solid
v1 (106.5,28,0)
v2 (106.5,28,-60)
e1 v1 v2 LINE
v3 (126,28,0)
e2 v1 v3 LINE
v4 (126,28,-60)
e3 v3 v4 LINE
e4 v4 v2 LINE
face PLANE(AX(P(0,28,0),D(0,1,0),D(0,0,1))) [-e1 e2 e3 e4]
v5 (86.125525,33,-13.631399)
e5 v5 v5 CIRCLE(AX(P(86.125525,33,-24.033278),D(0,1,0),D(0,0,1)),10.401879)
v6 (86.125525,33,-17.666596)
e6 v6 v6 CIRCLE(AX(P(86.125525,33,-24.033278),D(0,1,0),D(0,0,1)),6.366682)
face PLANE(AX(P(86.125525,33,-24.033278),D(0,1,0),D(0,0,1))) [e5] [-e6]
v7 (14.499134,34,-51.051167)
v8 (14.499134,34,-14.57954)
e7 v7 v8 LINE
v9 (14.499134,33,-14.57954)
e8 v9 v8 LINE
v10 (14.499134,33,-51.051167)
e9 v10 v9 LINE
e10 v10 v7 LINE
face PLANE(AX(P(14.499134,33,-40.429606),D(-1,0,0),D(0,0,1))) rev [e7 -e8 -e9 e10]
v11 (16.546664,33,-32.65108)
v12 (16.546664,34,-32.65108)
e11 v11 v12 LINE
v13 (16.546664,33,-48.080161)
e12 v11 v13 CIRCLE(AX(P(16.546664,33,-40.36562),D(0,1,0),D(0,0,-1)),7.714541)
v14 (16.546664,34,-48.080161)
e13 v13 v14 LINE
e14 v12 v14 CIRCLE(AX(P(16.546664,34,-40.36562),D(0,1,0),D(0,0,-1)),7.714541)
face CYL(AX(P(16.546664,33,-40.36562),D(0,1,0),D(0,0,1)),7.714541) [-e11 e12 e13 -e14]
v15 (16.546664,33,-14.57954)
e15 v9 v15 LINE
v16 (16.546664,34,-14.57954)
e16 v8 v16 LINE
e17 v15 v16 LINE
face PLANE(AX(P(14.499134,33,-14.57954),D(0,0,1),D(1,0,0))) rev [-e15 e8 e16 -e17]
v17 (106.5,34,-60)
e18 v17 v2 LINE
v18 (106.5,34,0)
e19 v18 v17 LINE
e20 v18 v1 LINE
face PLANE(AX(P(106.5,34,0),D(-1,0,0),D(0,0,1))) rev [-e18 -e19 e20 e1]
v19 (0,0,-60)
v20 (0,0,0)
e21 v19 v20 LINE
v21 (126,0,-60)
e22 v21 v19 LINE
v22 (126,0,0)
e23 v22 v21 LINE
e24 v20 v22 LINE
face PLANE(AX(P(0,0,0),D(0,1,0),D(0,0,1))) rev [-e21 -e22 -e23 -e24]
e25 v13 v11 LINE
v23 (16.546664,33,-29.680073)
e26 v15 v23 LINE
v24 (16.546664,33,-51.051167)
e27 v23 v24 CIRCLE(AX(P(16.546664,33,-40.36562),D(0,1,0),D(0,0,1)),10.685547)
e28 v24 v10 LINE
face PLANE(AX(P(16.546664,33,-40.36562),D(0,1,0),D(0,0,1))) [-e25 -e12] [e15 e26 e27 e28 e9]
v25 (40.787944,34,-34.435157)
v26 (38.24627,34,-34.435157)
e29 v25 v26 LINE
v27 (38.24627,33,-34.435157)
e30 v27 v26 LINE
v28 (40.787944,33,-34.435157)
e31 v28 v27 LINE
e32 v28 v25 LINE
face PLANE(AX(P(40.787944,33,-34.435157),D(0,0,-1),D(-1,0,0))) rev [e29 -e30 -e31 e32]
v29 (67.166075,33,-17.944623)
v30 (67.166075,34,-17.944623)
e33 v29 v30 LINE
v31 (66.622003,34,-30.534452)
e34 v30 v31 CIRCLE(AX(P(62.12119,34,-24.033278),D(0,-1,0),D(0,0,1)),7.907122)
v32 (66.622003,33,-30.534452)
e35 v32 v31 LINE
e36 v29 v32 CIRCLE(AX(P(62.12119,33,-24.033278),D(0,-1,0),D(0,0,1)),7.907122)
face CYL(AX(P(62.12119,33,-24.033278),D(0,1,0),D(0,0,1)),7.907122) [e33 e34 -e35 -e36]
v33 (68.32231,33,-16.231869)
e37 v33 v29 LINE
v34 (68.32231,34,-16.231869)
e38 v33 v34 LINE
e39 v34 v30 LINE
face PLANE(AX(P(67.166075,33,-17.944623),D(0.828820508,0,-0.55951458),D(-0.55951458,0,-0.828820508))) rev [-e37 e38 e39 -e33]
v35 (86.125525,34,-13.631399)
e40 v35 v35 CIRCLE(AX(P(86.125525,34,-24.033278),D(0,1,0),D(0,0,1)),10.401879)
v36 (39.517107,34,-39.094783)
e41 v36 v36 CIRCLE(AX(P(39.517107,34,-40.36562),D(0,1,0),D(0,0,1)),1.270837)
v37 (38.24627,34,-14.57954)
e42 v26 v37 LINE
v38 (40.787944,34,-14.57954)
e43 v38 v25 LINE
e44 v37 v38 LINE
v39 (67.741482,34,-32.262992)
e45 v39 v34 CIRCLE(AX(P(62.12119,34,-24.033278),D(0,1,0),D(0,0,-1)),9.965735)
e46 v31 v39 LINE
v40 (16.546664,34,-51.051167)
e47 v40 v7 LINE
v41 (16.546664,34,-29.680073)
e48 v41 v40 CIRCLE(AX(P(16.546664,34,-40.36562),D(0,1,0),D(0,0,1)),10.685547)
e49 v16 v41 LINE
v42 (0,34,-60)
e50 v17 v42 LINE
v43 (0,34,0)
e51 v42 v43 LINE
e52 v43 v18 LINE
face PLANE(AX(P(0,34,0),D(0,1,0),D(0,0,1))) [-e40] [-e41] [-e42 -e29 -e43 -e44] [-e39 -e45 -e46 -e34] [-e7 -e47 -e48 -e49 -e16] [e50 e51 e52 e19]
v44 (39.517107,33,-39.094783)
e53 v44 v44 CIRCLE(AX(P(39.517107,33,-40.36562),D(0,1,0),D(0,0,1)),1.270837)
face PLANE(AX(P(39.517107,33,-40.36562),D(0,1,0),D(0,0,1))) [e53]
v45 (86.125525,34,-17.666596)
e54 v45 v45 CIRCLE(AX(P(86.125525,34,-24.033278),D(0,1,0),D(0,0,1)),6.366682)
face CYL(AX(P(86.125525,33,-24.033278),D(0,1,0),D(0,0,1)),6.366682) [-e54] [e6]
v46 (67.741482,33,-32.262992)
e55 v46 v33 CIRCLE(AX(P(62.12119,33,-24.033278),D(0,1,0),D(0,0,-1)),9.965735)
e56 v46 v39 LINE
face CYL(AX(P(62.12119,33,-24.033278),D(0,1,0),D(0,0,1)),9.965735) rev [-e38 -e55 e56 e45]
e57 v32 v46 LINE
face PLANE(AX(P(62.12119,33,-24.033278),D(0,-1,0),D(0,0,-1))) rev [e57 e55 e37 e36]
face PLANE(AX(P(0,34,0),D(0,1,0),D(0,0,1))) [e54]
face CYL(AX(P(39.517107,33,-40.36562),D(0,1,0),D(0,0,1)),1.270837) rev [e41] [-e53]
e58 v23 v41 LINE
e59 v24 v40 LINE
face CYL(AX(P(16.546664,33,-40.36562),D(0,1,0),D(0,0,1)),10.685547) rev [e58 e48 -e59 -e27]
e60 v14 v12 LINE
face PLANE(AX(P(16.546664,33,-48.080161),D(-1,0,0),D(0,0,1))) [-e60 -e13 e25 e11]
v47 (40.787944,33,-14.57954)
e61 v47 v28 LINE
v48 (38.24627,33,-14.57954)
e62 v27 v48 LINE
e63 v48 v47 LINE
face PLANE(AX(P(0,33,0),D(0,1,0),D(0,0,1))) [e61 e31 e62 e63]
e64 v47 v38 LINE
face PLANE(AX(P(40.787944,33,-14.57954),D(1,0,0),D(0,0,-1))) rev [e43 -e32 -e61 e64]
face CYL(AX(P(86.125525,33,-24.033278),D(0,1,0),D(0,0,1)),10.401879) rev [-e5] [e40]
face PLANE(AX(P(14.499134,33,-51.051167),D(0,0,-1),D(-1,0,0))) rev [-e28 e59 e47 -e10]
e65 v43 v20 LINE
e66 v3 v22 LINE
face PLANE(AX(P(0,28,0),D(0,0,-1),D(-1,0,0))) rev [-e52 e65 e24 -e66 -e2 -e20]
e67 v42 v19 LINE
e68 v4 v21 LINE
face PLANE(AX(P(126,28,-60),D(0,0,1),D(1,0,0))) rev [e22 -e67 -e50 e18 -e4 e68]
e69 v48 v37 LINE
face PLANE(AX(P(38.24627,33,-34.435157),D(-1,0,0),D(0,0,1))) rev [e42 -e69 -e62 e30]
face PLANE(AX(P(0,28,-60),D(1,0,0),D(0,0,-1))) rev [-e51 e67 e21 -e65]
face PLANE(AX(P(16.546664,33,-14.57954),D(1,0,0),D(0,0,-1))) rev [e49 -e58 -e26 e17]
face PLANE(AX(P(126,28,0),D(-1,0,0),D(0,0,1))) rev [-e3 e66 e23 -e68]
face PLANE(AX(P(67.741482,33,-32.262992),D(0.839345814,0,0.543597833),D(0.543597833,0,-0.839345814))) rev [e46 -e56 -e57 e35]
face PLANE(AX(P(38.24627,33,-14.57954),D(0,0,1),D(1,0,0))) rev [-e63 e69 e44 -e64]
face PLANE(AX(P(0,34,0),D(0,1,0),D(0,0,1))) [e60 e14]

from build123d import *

# Parameters (mm, degrees)
SKETCH1_W           = 126
SKETCH1_H           = 60
BOSS_EXTRUDE1_DEPTH = 28
SKETCH2_W           = 106.5
SKETCH2_H           = 60
BOSS_EXTRUDE2_DEPTH = 6
SKETCH3_R           = 1.270837117
SKETCH3_R_2         = 10.401878768
SKETCH3_R_3         = 6.366682124
SKETCH3_W           = 2.541674233
SKETCH3_H           = 19.855616704
CUT_EXTRUDE1_DEPTH  = 1


with BuildPart() as part:
    # Sketch1 → Boss-Extrude1 (new body)
    with BuildSketch(Plane(origin=(0, 0, 0), x_dir=(1, 0, 0), z_dir=(0, 1, 0))):
        with Locations((63, 30)):
            Rectangle(SKETCH1_W, SKETCH1_H)
    extrude(amount=BOSS_EXTRUDE1_DEPTH)

    # Sketch2 → Boss-Extrude2 (add)
    with BuildSketch(Plane(origin=(0, 28, 0), x_dir=(1, 0, 0), z_dir=(0, 1, 0))):
        with Locations((53.25, 30)):
            Rectangle(SKETCH2_W, SKETCH2_H)
    extrude(amount=BOSS_EXTRUDE2_DEPTH)

    # Sketch3 → Cut-Extrude1 (cut)
    # profile 1 of 5: a face of its own
    with BuildSketch(Plane(origin=(0, 34, 0), x_dir=(1, 0, 0), z_dir=(0, 1, 0))):
        with Locations(Location((39.51710712, 40.365620358, 0), (0, 0, 270))):
            Circle(SKETCH3_R)
    # profile 2 of 5: a face of its own
    with BuildSketch(Plane(origin=(0, 34, 0), x_dir=(1, 0, 0), z_dir=(0, 1, 0))):
        with Locations(Location((86.125525447, 24.033278021, 0), (0, 0, 270))):
            Circle(SKETCH3_R_2)
        with Locations(Location((86.125525447, 24.033278021, 0), (0, 0, 270))):
            Circle(SKETCH3_R_3, mode=Mode.SUBTRACT)
    # profile 3 of 5: a face of its own
    with BuildSketch(Plane(origin=(0, 34, 0), x_dir=(1, 0, 0), z_dir=(0, 1, 0))):
        with BuildLine():
            Line((14.499134375, 40.429605669), (14.499134375, 14.579540085))
            Line((14.499134375, 14.579540085), (16.546664322, 14.579540085))
            Line((16.546664322, 14.579540085), (16.546664322, 29.680073446))
            ThreePointArc((16.546664322, 29.680073446), (27.232211234, 40.365620358), (16.546664322, 51.05116727))
            Line((16.546664322, 51.05116727), (14.499134375, 51.05116727))
            Line((14.499134375, 51.05116727), (14.499134375, 40.429605669))
        make_face()
        with BuildLine():
            Line((16.546664322, 48.080160925), (16.546664322, 32.651079791))
            ThreePointArc((16.546664322, 32.651079791), (24.26120489, 40.365620358), (16.546664322, 48.080160925))
        make_face(mode=Mode.SUBTRACT)
    # profile 4 of 5: a face of its own
    with BuildSketch(Plane(origin=(0, 34, 0), x_dir=(1, 0, 0), z_dir=(0, 1, 0))):
        with Locations((39.517107119, 24.507348437)):
            Rectangle(SKETCH3_W, SKETCH3_H)
    # profile 5 of 5: a face of its own
    with BuildSketch(Plane(origin=(0, 34, 0), x_dir=(1, 0, 0), z_dir=(0, 1, 0))):
        with BuildLine():
            Line((67.74148212, 32.262991734), (66.622002756, 30.534452251))
            ThreePointArc((66.622002756, 30.534452251), (54.221440679, 23.691888532), (67.166075127, 17.944623349))
            Line((67.166075127, 17.944623349), (68.322309862, 16.231868944))
            ThreePointArc((68.322309862, 16.231868944), (52.161989467, 23.672443665), (67.74148212, 32.262991734))
        make_face()
    extrude(amount=-CUT_EXTRUDE1_DEPTH, mode=Mode.SUBTRACT)


solid = part.part
